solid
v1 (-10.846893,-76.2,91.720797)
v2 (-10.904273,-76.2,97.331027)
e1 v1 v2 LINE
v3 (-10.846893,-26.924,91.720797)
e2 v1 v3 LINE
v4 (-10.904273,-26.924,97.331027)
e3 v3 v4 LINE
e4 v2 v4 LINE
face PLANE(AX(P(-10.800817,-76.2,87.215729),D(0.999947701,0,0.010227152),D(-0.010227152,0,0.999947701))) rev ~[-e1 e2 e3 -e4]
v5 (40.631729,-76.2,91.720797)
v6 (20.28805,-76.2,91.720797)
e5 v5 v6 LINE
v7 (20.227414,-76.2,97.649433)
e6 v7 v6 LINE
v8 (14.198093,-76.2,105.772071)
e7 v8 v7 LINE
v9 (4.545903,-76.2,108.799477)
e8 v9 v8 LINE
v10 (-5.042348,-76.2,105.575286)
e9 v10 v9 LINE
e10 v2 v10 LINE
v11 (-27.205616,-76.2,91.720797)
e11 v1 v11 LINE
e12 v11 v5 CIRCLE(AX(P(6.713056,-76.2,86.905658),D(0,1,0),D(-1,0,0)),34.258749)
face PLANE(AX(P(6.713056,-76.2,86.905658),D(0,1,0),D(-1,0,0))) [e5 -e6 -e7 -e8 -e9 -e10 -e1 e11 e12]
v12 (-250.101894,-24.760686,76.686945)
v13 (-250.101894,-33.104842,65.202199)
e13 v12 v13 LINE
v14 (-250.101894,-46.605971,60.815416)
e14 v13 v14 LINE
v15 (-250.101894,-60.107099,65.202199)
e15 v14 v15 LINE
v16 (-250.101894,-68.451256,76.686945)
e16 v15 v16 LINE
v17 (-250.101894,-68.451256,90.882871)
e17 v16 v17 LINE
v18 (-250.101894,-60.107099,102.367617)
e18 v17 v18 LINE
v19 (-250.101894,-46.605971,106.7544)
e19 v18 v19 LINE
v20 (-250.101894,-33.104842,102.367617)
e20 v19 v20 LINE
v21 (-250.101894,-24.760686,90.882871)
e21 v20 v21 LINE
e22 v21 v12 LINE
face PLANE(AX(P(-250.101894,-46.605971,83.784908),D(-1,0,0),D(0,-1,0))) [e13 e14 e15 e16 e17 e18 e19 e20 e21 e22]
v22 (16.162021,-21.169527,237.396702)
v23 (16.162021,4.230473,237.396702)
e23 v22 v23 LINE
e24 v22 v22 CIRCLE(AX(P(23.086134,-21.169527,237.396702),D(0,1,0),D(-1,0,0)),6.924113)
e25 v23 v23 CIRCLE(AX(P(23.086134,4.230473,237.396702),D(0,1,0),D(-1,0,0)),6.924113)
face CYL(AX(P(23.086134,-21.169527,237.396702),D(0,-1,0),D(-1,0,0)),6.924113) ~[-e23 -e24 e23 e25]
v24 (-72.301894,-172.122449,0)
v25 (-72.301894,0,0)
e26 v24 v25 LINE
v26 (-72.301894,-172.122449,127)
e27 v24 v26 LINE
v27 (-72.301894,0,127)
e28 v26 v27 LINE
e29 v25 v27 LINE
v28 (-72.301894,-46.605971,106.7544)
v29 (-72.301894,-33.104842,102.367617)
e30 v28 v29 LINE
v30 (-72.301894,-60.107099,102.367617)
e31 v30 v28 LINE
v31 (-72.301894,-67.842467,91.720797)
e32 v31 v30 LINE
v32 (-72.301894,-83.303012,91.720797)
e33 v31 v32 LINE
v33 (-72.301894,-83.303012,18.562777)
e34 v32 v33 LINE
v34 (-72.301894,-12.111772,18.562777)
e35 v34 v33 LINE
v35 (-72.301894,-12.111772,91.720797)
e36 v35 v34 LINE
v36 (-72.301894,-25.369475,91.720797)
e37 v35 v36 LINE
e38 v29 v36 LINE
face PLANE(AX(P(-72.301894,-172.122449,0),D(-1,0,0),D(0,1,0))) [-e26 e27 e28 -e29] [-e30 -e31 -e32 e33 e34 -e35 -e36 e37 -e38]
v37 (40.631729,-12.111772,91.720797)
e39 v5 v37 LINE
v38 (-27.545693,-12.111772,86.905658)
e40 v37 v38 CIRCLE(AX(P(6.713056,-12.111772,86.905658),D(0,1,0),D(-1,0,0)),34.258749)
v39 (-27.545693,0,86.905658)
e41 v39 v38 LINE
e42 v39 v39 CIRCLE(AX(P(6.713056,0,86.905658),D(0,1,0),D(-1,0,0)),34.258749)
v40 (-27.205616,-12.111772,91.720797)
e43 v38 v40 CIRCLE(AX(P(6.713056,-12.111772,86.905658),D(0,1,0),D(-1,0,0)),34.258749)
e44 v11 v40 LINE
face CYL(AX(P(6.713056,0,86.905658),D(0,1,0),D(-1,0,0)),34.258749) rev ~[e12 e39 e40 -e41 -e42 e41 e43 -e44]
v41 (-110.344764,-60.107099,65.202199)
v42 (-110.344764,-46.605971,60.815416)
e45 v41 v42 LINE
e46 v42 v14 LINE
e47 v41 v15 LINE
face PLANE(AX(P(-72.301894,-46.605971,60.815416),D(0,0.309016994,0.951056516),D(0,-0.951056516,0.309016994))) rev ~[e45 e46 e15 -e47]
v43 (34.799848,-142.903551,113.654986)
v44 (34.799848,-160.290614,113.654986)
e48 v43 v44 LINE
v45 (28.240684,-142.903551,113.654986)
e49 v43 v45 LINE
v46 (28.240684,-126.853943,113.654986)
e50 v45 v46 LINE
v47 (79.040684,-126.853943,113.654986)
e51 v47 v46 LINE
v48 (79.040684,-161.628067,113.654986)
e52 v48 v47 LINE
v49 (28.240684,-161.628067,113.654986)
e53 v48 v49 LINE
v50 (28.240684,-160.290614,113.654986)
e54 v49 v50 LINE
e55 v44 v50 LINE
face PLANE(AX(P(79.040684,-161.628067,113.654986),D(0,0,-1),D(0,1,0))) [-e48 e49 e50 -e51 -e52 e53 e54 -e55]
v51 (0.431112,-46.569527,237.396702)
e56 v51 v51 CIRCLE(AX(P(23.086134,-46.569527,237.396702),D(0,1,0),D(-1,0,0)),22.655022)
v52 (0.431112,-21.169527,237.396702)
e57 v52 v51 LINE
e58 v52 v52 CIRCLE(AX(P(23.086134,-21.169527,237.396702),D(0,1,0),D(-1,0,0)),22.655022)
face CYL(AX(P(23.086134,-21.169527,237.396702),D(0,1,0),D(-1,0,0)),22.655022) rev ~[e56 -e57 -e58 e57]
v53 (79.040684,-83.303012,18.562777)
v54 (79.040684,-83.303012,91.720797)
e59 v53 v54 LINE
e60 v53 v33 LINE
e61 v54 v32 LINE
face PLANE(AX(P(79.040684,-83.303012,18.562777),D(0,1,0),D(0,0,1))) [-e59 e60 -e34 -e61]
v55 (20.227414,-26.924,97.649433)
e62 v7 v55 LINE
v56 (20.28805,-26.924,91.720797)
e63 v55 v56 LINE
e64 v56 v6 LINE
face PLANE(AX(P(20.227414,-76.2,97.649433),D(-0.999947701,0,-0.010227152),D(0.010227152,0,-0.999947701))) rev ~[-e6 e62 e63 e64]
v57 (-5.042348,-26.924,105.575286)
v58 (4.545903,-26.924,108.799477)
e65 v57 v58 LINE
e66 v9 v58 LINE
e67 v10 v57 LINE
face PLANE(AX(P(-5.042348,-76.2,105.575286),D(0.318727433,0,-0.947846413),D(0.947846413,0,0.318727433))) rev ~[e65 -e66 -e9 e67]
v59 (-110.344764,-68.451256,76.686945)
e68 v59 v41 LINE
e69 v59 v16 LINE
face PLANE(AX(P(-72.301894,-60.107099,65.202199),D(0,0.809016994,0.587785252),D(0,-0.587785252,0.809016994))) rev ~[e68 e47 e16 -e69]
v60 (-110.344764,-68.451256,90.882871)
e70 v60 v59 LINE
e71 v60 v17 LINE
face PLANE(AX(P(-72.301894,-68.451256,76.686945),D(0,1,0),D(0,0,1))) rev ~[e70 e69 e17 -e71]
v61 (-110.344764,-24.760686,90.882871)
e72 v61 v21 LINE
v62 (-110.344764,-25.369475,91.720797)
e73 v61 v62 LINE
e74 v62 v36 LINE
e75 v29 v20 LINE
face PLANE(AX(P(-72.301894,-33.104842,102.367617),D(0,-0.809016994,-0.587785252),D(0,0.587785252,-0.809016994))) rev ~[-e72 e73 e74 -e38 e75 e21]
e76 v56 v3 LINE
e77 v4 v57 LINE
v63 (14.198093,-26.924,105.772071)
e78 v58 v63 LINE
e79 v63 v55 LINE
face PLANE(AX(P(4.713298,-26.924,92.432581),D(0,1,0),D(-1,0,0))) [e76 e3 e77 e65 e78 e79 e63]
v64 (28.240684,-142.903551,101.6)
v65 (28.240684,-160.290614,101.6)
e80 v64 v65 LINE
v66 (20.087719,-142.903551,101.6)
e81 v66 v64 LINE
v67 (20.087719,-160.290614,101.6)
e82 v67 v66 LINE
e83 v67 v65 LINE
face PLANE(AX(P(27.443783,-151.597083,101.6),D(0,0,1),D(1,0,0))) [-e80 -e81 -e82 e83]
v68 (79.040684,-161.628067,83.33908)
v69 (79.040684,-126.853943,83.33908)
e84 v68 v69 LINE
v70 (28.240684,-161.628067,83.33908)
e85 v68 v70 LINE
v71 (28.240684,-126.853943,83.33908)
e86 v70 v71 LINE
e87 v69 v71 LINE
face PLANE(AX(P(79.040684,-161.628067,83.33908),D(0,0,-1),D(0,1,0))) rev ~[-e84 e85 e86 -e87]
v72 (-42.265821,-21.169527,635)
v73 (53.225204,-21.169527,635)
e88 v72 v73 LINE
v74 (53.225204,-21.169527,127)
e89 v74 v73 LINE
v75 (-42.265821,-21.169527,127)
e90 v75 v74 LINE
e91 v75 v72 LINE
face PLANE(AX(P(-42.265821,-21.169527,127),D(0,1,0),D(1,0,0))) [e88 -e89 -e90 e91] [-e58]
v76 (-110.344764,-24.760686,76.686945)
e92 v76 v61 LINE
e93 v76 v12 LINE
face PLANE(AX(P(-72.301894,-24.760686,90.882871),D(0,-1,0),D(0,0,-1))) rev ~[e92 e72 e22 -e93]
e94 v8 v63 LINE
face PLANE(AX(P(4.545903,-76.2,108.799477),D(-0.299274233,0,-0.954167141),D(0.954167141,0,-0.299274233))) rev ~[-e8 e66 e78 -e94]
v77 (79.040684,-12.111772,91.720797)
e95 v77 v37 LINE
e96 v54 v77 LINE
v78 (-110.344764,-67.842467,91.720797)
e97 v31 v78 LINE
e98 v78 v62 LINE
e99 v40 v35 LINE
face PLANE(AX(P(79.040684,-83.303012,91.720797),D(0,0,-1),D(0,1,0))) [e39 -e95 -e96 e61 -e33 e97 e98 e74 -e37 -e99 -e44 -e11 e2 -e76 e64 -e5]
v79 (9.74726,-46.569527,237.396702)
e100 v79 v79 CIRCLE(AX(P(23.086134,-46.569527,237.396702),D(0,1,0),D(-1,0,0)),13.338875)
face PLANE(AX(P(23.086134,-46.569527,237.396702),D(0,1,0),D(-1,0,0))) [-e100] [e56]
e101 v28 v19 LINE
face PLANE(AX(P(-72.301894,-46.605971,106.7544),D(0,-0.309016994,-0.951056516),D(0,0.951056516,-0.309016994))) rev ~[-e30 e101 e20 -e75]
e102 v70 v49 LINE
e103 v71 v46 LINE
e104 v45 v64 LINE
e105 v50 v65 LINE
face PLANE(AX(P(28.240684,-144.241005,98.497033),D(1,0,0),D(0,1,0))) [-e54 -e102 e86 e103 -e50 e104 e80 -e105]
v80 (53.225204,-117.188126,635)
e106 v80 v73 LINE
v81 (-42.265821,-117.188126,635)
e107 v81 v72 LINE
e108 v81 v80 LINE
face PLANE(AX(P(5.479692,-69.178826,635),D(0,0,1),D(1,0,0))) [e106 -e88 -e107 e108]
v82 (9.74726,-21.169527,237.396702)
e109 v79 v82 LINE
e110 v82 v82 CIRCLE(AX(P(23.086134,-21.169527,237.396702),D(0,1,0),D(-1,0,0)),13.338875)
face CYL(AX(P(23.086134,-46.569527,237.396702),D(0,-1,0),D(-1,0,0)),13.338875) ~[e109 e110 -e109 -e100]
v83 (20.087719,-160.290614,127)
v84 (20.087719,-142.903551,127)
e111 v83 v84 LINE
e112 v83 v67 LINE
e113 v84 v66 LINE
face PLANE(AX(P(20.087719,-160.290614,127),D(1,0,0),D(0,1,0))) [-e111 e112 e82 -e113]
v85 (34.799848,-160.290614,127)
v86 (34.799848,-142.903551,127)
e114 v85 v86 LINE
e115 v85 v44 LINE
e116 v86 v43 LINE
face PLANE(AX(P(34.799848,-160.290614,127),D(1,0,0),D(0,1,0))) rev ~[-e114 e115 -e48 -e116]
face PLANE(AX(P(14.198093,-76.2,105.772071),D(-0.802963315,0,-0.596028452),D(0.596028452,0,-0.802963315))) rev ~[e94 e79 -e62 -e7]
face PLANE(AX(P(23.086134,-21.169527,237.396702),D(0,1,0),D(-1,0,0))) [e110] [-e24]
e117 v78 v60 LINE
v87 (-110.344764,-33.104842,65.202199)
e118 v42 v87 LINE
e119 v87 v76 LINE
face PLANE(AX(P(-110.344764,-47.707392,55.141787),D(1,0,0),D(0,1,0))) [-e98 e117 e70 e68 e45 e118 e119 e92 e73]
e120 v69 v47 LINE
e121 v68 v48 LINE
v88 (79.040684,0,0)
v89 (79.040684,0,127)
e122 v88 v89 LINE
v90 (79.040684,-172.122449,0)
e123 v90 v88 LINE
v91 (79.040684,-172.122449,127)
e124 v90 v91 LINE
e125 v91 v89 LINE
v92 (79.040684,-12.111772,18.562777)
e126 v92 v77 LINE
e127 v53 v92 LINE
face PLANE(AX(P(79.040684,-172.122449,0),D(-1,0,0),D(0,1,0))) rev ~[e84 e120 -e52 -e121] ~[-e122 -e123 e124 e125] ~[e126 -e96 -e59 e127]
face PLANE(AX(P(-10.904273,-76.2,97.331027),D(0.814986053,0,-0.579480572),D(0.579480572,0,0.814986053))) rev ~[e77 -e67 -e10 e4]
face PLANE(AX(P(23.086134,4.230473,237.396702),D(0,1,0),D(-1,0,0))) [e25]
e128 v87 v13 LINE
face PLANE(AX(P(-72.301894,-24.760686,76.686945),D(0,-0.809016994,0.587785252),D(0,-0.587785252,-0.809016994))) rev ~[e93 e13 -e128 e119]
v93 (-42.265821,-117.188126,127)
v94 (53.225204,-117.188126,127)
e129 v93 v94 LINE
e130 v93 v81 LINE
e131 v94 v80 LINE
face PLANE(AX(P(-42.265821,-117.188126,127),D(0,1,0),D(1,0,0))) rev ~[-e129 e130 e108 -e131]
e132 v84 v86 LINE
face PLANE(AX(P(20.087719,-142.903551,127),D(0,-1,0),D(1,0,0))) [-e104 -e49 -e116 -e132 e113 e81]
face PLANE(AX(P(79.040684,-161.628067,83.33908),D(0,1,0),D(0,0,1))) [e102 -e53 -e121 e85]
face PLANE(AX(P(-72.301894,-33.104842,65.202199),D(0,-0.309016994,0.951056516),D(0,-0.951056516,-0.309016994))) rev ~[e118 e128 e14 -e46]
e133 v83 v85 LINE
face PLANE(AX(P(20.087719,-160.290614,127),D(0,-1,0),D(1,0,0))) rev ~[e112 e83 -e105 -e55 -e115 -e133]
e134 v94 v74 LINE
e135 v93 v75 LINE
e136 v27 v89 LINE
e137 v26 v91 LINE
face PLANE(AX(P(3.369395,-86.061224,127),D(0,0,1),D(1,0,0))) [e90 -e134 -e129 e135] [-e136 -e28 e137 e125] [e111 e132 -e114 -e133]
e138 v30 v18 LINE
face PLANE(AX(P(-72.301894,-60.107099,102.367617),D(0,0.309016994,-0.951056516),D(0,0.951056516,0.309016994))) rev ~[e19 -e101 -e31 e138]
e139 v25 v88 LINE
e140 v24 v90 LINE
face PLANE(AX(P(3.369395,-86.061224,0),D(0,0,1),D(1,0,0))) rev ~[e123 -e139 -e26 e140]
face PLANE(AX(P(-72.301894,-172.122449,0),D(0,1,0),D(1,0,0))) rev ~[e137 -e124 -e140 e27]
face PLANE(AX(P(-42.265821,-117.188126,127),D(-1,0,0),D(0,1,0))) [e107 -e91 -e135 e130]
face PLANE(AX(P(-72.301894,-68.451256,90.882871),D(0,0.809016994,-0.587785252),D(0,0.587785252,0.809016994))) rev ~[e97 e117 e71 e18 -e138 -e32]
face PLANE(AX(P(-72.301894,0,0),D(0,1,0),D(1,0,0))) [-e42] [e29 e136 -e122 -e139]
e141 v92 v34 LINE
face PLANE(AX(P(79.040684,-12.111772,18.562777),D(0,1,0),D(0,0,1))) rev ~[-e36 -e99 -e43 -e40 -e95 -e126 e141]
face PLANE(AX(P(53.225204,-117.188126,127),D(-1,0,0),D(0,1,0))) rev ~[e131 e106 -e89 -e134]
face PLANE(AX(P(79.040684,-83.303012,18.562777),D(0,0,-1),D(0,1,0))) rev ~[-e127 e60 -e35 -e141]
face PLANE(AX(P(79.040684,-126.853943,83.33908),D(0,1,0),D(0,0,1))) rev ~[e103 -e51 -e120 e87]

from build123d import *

# Parameters (mm, degrees)
F0_W      = 151.3425782323
F0_H      = 172.1224486828
F1_DEPTH  = 127
F3_W      = 34.7741246223
F3_H      = 30.3159058094
F4_DEPTH  = 50.8
F5_W      = 14.7121287882
F5_H      = 17.3870623112
F6_DEPTH  = 25.4
F7_R      = 34.2587493425
F8_DEPTH  = 76.2
F10_DEPTH = 177.8
F13_DEPTH = 49.276
F14_W     = 71.1912401021
F14_H     = 73.1580201536
F15_DEPTH = 189.385448
F16_W     = 95.4910255969
F16_H     = 96.0185993463
F17_DEPTH = 508
F18_R     = 22.6550220724
F19_DEPTH = 25.4
F20_R     = 12.5097530491
F21_DEPTH = 25.4
F22_R     = 13.338874827
F23_DEPTH = 25.4
F24_R     = 6.9241134555
F25_DEPTH = 25.4


with BuildPart() as f1:
    # F0 (on Top) → F1 (new body)
    with BuildSketch(Plane.XY):
        with Locations((3.3693946898, -86.0612243414)):
            Rectangle(F0_W, F0_H)
    extrude(amount=F1_DEPTH)

    # F3 (on face) → F4 (cut)
    with BuildSketch(Plane.YZ.offset(79.0406838059)):
        with Locations((-144.2410051823, 98.4970331192)):
            Rectangle(F3_W, F3_H)
    extrude(amount=-F4_DEPTH, mode=Mode.SUBTRACT)

    # F5 (on face) → F6 (cut)
    with BuildSketch(Plane.XY.offset(127)):
        with Locations((27.4437833577, -151.5970826149)):
            Rectangle(F5_W, F5_H)
    extrude(amount=-F6_DEPTH, mode=Mode.SUBTRACT)

    # F7 (on face) → F8 (cut)
    with BuildSketch(Plane(origin=(0, 0, 0), x_dir=(-1, 0, 0), z_dir=(0, 1, 0))):
        with Locations((-6.7130560055, 86.9056582451)):
            Circle(F7_R)
    extrude(amount=-F8_DEPTH, mode=Mode.SUBTRACT)

    # F9 (on face) → F10 (join)
    with BuildSketch(Plane(origin=(-72.3018944263, 0, 0), x_dir=(0, -1, 0), z_dir=(-1, 0, 0))):
        Polygon((68.4512555599, 76.6869447389), (68.4512555599, 90.8828713736), (60.1070992414, 102.3676172721), (46.6059707105, 106.7543998531), (33.1048421797, 102.3676172721), (24.7606858611, 90.8828713736), (24.7606858611, 76.6869447389), (33.1048421797, 65.2021988404), (46.6059707105, 60.8154162594), (60.1070992414, 65.2021988404), align=None)
    extrude(amount=F10_DEPTH)

    # F12 (on face) → F13 (join)
    with BuildSketch(Plane(origin=(0, -76.2, 0), x_dir=(-1, 0, 0), z_dir=(0, 1, 0))):
        Polygon((4.7714961833, 79.0930910356), (10.800817036, 87.215729212), (10.9042731407, 97.3310274144), (5.0423477816, 105.5752855359), (-4.5459027936, 108.7994771861), (-14.1980927578, 105.7720707409), (-20.2274136105, 97.6494325645), (-20.3308697152, 87.5341343621), (-14.4689443561, 79.2898762406), (-4.8806937809, 76.0656845904), align=None)
    extrude(amount=F13_DEPTH)

    # F14 (on face) → F15 (cut)
    with BuildSketch(Plane.YZ.offset(79.0406838059)):
        with Locations((-47.7073919028, 55.1417870447)):
            Rectangle(F14_W, F14_H)
    extrude(amount=-F15_DEPTH, mode=Mode.SUBTRACT)

    # F16 (on face) → F17 (join)
    with BuildSketch(Plane.XY.offset(127)):
        with Locations((5.4796915501, -69.1788261756)):
            Rectangle(F16_W, F16_H)
    extrude(amount=F17_DEPTH)

    # F18 (on face) → F19 (cut)
    with BuildSketch(Plane(origin=(0, -21.1695265025, 0), x_dir=(-1, 0, 0), z_dir=(0, 1, 0))):
        with Locations((-23.0861343443, 237.3967021704)):
            Circle(F18_R)
    extrude(amount=-F19_DEPTH, mode=Mode.SUBTRACT)

    # F20 (on face) → F21 (join)
    with BuildSketch(Plane(origin=(0, -46.5695265025, 0), x_dir=(-1, 0, 0), z_dir=(0, 1, 0))):
        with Locations((-23.0861343443, 237.3967021704)):
            Circle(F20_R)
    extrude(amount=-F21_DEPTH)

    # F22 (on face) → F23 (join)
    with BuildSketch(Plane(origin=(0, -46.5695265025, 0), x_dir=(-1, 0, 0), z_dir=(0, 1, 0))):
        with Locations((-23.0861343443, 237.3967021704)):
            Circle(F22_R)
    extrude(amount=F23_DEPTH)

    # F24 (on face) → F25 (join)
    with BuildSketch(Plane(origin=(0, -21.1695265025, 0), x_dir=(-1, 0, 0), z_dir=(0, 1, 0))):
        with Locations((-23.0861343443, 237.3967021704)):
            Circle(F24_R)
    extrude(amount=F25_DEPTH)


solid = f1.part
